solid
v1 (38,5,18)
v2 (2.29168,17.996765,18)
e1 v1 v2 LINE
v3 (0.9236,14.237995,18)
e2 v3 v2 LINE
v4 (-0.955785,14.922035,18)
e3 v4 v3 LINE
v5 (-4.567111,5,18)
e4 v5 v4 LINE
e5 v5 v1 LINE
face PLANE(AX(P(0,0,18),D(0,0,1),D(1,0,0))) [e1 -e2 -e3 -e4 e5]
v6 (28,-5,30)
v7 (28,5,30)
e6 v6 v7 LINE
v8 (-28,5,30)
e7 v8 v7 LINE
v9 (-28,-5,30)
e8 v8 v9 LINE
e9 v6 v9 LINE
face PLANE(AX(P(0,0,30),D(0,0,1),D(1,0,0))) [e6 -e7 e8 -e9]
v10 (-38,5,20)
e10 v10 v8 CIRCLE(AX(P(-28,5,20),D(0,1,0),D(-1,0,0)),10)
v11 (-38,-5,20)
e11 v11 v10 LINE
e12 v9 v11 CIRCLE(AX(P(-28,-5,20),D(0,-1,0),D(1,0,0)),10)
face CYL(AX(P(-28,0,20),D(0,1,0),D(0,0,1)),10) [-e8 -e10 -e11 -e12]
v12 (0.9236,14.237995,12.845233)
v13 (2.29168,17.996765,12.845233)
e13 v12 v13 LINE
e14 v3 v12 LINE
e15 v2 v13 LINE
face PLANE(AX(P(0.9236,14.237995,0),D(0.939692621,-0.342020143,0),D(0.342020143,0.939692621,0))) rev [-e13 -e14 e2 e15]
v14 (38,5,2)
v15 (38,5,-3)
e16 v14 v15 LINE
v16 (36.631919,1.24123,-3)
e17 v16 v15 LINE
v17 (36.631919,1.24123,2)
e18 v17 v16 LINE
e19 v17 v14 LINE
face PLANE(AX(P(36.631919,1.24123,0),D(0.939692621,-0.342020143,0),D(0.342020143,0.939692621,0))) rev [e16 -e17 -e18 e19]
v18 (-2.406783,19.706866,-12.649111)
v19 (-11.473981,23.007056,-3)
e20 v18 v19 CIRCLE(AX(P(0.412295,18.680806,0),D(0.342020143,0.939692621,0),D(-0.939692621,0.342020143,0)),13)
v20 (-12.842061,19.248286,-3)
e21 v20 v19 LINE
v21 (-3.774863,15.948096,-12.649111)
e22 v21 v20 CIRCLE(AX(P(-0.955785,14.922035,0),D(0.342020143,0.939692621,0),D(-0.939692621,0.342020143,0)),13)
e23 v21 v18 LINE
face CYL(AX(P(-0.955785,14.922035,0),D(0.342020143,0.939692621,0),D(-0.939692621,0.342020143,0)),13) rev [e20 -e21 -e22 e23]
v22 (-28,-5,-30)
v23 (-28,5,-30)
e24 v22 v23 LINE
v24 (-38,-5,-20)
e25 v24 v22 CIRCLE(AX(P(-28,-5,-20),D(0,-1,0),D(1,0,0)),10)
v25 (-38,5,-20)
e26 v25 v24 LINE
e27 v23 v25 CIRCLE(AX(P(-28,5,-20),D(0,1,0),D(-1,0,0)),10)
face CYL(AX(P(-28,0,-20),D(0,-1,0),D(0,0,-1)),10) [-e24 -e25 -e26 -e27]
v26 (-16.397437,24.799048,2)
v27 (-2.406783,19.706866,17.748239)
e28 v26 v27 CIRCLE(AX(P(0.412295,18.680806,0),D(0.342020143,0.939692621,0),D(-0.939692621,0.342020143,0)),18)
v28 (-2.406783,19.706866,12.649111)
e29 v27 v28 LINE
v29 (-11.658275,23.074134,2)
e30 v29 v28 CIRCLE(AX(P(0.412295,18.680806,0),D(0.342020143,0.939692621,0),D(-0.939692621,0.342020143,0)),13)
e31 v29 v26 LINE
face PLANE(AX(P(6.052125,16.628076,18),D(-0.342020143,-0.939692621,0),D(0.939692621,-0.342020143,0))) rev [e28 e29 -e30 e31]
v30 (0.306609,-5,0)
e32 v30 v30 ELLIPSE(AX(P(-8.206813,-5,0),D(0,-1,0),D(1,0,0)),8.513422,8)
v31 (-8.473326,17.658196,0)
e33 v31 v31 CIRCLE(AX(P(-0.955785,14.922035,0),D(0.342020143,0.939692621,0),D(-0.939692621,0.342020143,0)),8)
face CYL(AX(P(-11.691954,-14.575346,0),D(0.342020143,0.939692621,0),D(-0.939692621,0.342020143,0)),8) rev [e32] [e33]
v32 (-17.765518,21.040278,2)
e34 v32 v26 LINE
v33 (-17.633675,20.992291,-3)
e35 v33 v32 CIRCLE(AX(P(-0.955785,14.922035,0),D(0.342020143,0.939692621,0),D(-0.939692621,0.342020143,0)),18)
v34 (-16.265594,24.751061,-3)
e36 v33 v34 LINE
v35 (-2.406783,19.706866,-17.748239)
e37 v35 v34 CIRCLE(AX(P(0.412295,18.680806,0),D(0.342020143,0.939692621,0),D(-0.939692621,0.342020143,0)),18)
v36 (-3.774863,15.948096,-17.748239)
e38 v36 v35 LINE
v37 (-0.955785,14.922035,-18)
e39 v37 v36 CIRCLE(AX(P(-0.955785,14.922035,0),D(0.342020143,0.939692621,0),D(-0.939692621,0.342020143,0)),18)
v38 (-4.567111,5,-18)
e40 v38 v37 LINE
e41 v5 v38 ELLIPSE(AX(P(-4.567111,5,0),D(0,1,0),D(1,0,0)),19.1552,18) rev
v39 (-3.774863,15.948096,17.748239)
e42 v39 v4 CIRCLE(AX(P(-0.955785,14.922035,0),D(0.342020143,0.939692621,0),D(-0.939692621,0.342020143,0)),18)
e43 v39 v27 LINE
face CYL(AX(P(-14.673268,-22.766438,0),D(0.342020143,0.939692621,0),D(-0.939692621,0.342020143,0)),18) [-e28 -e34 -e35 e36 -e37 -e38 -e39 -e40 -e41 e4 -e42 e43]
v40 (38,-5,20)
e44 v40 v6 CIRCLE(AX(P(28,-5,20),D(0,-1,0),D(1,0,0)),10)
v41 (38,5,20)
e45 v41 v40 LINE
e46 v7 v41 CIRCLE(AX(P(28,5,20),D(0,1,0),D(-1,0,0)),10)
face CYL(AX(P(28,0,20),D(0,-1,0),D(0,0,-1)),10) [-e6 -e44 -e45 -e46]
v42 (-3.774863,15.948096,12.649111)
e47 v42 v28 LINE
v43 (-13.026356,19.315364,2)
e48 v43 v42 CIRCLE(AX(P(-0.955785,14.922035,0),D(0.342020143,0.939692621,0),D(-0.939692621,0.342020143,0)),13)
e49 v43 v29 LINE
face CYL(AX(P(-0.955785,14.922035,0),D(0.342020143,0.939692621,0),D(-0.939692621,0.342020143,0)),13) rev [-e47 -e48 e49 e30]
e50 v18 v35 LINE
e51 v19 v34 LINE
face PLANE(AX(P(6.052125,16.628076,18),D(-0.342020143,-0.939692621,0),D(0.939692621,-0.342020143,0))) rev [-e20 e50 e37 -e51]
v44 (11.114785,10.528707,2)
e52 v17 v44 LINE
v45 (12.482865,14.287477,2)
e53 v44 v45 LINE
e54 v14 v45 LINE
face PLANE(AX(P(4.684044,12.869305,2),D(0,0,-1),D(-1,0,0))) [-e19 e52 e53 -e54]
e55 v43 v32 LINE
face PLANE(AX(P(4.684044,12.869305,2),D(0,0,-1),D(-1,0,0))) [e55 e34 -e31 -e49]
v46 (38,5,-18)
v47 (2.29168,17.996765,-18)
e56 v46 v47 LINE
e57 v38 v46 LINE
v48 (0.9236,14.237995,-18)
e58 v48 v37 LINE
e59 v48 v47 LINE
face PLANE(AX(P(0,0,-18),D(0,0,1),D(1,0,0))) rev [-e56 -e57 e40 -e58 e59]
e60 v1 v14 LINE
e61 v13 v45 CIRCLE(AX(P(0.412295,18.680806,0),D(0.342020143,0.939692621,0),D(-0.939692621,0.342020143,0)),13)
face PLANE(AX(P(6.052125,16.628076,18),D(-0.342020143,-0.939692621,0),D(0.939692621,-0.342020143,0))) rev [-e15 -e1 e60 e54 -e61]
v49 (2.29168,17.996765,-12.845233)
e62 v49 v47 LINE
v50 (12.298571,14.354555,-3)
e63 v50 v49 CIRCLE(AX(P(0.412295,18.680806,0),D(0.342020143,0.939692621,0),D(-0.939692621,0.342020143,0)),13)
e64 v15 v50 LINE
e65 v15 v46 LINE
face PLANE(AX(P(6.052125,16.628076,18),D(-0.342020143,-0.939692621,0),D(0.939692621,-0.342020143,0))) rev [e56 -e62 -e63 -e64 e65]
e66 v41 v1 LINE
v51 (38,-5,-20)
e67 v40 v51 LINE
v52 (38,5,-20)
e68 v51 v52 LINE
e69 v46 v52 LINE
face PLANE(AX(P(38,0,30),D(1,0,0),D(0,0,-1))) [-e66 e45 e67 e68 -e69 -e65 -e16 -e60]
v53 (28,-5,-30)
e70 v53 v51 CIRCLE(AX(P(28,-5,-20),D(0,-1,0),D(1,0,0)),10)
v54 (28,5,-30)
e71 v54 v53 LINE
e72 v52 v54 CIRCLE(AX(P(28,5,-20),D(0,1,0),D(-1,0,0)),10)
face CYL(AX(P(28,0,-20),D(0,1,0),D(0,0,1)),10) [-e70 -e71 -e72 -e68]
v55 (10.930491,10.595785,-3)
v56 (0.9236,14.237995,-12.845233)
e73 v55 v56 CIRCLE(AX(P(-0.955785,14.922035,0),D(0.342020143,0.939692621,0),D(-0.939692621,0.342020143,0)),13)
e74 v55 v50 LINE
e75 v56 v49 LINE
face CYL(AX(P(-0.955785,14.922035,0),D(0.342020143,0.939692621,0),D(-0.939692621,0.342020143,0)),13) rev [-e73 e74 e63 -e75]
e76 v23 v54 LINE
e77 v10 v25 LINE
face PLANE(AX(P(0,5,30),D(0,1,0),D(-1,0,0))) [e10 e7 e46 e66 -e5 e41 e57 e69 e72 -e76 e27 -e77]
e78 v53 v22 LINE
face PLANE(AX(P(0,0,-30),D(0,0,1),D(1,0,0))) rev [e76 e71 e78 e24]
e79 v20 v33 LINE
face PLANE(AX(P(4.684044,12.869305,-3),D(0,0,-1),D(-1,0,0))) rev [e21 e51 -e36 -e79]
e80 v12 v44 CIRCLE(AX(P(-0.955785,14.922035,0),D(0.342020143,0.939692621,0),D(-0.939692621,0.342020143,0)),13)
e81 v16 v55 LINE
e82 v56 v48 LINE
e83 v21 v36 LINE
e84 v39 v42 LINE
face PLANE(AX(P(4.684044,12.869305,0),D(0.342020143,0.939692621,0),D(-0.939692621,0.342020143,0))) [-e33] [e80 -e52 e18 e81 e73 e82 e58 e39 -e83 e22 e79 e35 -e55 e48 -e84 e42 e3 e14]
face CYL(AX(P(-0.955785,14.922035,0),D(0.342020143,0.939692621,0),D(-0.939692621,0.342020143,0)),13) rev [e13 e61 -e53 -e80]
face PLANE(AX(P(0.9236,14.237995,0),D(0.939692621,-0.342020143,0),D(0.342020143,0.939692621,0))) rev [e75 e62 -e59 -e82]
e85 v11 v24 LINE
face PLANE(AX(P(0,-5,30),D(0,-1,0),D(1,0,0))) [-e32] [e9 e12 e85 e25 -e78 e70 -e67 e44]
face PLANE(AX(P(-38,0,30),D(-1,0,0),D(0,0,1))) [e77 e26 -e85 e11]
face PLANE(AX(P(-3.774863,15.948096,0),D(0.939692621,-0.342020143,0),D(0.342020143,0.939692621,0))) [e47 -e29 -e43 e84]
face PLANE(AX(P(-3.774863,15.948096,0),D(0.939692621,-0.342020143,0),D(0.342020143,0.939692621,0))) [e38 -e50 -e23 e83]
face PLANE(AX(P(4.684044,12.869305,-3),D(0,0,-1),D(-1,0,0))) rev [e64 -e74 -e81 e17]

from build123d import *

# Parameters (mm, degrees)
BOSS_EXTRUDE1_DEPTH = 30
BOSS_EXTRUDE2_DEPTH = 18
CUT_EXTRUDE1_REACH  = 59.518
SKETCH12_4_R        = 8
CUT_EXTRUDE2_DEPTH  = 58.518373937
SKETCH12_5_R        = 8
CUT_EXTRUDE3_DEPTH  = 4
FILLET1_R           = 10


with BuildPart() as part:
    # Sketch1 → Boss-Extrude1 (new, symmetric)
    with BuildSketch(Plane.XY):
        Polygon((-23.722310804, 5), (-38, 5), (-38, -5), (38, -5), (38, 5), align=None)
    extrude(amount=BOSS_EXTRUDE1_DEPTH, both=True)

    # Sketch1<4> → Boss-Extrude2 (add, symmetric)
    with BuildSketch(Plane.XY):
        Polygon((-16.502172006, 24.837168313), (-23.722310804, 5), (38, 5), align=None)
    extrude(amount=BOSS_EXTRUDE2_DEPTH, both=True)

    # Cut-Extrude1: up to this plane
    cut_extrude1_end = Plane(origin=(0, 5, 30), z_dir=(0, 1, 0))
    # Sketch2 → Cut-Extrude1 (cut, up to the surface)
    with BuildSketch(Plane(origin=(6.052124605, 16.628075692, 0), x_dir=(0.9396926207859105, -0.34202014332566305, 0), z_dir=(0.34202014332566305, 0.9396926207859105, 0)), mode=Mode.PRIVATE) as cut_extrude1_sk1:
        with BuildLine():
            Line((-6.001781127, 18), (-24.001781127, 18))
            Line((-24.001781127, 18), (-24.001781127, -2e-09))
            ThreePointArc((-24.001781127, -2e-09), (-18.729703189, 12.727922061), (-6.001781127, 18))
        make_face()
    cut_extrude1_tool1 = split(extrude(cut_extrude1_sk1.sketch, amount=-CUT_EXTRUDE1_REACH, mode=Mode.PRIVATE), bisect_by=cut_extrude1_end, keep=Keep.BOTH, mode=Mode.PRIVATE)
    add(cut_extrude1_tool1.solids().sort_by_distance((-12.724022, 23.462034, -13.979377))[0], mode=Mode.SUBTRACT)
    # Sketch2 → Cut-Extrude1 (cut, up to the surface)
    with BuildSketch(Plane(origin=(6.052124605, 16.628075692, 0), x_dir=(0.9396926207859105, -0.34202014332566305, 0), z_dir=(0.34202014332566305, 0.9396926207859105, 0)), mode=Mode.PRIVATE) as cut_extrude1_sk2:
        with BuildLine():
            ThreePointArc((-6.001781127, -18), (-18.729703188, -12.727922062), (-24.001781127, -2e-09))
            Line((-24.001781127, -2e-09), (-24.001781127, -18))
            Line((-24.001781127, -18), (-6.001781127, -18))
        make_face()
    cut_extrude1_tool2 = split(extrude(cut_extrude1_sk2.sketch, amount=-CUT_EXTRUDE1_REACH, mode=Mode.PRIVATE), bisect_by=cut_extrude1_end, keep=Keep.BOTH, mode=Mode.PRIVATE)
    add(cut_extrude1_tool2.solids().sort_by_distance((-12.724022, 23.462034, 13.979377))[0], mode=Mode.SUBTRACT)

    # Sketch12<4> → Cut-Extrude2 (cut, through all)
    with BuildSketch(Plane(origin=(6.052124605, 16.628075692, 0), x_dir=(0.9396926207859105, -0.34202014332566305, 0), z_dir=(0.34202014332566305, 0.9396926207859105, 0))):
        with Locations((-6.001781127, 0)):
            Circle(SKETCH12_4_R)
    extrude(amount=-CUT_EXTRUDE2_DEPTH, mode=Mode.SUBTRACT)

    # Sketch12<5> → Cut-Extrude3 (cut)
    with BuildSketch(Plane(origin=(6.052124605, 16.628075692, 0), x_dir=(0.9396926207859105, -0.34202014332566305, 0), z_dir=(0.34202014332566305, 0.9396926207859105, 0))):
        with BuildLine():
            ThreePointArc((-23.750020476, 3), (-23.938730537, 1.505272688), (-24.001781127, 5e-09))
            ThreePointArc((-24.001781127, 5e-09), (-23.973895482, -1.001551604), (-23.890324947, -2))
            Line((-23.890324947, -2), (-18.847013705, -2))
            ThreePointArc((-18.847013705, -2), (-15.547394686, -8.825036078), (-9.001781127, -12.649110641))
            Line((-9.001781127, -12.649110641), (-9.001781127, -17.748239349))
            ThreePointArc((-9.001781127, -17.748239349), (-7.507053812, -17.93694941), (-6.001781127, -18))
            Line((-6.001781127, -18), (-4.001781127, -18))
            Line((-4.001781127, -18), (-4.001781127, -12.845232579))
            ThreePointArc((-4.001781127, -12.845232579), (3.190607029, -9.192388155), (6.843451452, -2))
            Line((6.843451452, -2), (33.998218873, -2))
            Line((33.998218873, -2), (33.998218873, 3))
            Line((33.998218873, 3), (6.647329514, 3))
            ThreePointArc((6.647329514, 3), (2.823254951, 9.54561356), (-4.001781127, 12.845232579))
            Line((-4.001781127, 12.845232579), (-4.001781127, 18))
            Line((-4.001781127, 18), (-6.001781127, 18))
            ThreePointArc((-6.001781127, 18), (-7.507053812, 17.93694941), (-9.001781127, 17.748239349))
            Line((-9.001781127, 17.748239349), (-9.001781127, 12.649110641))
            ThreePointArc((-9.001781127, 12.649110641), (-15.194169282, 9.192388155), (-18.650891767, 3))
            Line((-18.650891767, 3), (-23.750020476, 3))
        make_face()
        with Locations((-6.001781127, 0)):
            Circle(SKETCH12_5_R, mode=Mode.SUBTRACT)
    extrude(amount=-CUT_EXTRUDE3_DEPTH, mode=Mode.SUBTRACT)

    # Fillet1
    fillet1_edges = [part.edges().sort_by_distance(p)[0] for p in [
        (-38, 0, -30),
        (38, 0, -30),
        (38, 0, 30),
        (-38, 0, 30),
    ]]
    fillet(fillet1_edges, radius=FILLET1_R)


solid = part.part
